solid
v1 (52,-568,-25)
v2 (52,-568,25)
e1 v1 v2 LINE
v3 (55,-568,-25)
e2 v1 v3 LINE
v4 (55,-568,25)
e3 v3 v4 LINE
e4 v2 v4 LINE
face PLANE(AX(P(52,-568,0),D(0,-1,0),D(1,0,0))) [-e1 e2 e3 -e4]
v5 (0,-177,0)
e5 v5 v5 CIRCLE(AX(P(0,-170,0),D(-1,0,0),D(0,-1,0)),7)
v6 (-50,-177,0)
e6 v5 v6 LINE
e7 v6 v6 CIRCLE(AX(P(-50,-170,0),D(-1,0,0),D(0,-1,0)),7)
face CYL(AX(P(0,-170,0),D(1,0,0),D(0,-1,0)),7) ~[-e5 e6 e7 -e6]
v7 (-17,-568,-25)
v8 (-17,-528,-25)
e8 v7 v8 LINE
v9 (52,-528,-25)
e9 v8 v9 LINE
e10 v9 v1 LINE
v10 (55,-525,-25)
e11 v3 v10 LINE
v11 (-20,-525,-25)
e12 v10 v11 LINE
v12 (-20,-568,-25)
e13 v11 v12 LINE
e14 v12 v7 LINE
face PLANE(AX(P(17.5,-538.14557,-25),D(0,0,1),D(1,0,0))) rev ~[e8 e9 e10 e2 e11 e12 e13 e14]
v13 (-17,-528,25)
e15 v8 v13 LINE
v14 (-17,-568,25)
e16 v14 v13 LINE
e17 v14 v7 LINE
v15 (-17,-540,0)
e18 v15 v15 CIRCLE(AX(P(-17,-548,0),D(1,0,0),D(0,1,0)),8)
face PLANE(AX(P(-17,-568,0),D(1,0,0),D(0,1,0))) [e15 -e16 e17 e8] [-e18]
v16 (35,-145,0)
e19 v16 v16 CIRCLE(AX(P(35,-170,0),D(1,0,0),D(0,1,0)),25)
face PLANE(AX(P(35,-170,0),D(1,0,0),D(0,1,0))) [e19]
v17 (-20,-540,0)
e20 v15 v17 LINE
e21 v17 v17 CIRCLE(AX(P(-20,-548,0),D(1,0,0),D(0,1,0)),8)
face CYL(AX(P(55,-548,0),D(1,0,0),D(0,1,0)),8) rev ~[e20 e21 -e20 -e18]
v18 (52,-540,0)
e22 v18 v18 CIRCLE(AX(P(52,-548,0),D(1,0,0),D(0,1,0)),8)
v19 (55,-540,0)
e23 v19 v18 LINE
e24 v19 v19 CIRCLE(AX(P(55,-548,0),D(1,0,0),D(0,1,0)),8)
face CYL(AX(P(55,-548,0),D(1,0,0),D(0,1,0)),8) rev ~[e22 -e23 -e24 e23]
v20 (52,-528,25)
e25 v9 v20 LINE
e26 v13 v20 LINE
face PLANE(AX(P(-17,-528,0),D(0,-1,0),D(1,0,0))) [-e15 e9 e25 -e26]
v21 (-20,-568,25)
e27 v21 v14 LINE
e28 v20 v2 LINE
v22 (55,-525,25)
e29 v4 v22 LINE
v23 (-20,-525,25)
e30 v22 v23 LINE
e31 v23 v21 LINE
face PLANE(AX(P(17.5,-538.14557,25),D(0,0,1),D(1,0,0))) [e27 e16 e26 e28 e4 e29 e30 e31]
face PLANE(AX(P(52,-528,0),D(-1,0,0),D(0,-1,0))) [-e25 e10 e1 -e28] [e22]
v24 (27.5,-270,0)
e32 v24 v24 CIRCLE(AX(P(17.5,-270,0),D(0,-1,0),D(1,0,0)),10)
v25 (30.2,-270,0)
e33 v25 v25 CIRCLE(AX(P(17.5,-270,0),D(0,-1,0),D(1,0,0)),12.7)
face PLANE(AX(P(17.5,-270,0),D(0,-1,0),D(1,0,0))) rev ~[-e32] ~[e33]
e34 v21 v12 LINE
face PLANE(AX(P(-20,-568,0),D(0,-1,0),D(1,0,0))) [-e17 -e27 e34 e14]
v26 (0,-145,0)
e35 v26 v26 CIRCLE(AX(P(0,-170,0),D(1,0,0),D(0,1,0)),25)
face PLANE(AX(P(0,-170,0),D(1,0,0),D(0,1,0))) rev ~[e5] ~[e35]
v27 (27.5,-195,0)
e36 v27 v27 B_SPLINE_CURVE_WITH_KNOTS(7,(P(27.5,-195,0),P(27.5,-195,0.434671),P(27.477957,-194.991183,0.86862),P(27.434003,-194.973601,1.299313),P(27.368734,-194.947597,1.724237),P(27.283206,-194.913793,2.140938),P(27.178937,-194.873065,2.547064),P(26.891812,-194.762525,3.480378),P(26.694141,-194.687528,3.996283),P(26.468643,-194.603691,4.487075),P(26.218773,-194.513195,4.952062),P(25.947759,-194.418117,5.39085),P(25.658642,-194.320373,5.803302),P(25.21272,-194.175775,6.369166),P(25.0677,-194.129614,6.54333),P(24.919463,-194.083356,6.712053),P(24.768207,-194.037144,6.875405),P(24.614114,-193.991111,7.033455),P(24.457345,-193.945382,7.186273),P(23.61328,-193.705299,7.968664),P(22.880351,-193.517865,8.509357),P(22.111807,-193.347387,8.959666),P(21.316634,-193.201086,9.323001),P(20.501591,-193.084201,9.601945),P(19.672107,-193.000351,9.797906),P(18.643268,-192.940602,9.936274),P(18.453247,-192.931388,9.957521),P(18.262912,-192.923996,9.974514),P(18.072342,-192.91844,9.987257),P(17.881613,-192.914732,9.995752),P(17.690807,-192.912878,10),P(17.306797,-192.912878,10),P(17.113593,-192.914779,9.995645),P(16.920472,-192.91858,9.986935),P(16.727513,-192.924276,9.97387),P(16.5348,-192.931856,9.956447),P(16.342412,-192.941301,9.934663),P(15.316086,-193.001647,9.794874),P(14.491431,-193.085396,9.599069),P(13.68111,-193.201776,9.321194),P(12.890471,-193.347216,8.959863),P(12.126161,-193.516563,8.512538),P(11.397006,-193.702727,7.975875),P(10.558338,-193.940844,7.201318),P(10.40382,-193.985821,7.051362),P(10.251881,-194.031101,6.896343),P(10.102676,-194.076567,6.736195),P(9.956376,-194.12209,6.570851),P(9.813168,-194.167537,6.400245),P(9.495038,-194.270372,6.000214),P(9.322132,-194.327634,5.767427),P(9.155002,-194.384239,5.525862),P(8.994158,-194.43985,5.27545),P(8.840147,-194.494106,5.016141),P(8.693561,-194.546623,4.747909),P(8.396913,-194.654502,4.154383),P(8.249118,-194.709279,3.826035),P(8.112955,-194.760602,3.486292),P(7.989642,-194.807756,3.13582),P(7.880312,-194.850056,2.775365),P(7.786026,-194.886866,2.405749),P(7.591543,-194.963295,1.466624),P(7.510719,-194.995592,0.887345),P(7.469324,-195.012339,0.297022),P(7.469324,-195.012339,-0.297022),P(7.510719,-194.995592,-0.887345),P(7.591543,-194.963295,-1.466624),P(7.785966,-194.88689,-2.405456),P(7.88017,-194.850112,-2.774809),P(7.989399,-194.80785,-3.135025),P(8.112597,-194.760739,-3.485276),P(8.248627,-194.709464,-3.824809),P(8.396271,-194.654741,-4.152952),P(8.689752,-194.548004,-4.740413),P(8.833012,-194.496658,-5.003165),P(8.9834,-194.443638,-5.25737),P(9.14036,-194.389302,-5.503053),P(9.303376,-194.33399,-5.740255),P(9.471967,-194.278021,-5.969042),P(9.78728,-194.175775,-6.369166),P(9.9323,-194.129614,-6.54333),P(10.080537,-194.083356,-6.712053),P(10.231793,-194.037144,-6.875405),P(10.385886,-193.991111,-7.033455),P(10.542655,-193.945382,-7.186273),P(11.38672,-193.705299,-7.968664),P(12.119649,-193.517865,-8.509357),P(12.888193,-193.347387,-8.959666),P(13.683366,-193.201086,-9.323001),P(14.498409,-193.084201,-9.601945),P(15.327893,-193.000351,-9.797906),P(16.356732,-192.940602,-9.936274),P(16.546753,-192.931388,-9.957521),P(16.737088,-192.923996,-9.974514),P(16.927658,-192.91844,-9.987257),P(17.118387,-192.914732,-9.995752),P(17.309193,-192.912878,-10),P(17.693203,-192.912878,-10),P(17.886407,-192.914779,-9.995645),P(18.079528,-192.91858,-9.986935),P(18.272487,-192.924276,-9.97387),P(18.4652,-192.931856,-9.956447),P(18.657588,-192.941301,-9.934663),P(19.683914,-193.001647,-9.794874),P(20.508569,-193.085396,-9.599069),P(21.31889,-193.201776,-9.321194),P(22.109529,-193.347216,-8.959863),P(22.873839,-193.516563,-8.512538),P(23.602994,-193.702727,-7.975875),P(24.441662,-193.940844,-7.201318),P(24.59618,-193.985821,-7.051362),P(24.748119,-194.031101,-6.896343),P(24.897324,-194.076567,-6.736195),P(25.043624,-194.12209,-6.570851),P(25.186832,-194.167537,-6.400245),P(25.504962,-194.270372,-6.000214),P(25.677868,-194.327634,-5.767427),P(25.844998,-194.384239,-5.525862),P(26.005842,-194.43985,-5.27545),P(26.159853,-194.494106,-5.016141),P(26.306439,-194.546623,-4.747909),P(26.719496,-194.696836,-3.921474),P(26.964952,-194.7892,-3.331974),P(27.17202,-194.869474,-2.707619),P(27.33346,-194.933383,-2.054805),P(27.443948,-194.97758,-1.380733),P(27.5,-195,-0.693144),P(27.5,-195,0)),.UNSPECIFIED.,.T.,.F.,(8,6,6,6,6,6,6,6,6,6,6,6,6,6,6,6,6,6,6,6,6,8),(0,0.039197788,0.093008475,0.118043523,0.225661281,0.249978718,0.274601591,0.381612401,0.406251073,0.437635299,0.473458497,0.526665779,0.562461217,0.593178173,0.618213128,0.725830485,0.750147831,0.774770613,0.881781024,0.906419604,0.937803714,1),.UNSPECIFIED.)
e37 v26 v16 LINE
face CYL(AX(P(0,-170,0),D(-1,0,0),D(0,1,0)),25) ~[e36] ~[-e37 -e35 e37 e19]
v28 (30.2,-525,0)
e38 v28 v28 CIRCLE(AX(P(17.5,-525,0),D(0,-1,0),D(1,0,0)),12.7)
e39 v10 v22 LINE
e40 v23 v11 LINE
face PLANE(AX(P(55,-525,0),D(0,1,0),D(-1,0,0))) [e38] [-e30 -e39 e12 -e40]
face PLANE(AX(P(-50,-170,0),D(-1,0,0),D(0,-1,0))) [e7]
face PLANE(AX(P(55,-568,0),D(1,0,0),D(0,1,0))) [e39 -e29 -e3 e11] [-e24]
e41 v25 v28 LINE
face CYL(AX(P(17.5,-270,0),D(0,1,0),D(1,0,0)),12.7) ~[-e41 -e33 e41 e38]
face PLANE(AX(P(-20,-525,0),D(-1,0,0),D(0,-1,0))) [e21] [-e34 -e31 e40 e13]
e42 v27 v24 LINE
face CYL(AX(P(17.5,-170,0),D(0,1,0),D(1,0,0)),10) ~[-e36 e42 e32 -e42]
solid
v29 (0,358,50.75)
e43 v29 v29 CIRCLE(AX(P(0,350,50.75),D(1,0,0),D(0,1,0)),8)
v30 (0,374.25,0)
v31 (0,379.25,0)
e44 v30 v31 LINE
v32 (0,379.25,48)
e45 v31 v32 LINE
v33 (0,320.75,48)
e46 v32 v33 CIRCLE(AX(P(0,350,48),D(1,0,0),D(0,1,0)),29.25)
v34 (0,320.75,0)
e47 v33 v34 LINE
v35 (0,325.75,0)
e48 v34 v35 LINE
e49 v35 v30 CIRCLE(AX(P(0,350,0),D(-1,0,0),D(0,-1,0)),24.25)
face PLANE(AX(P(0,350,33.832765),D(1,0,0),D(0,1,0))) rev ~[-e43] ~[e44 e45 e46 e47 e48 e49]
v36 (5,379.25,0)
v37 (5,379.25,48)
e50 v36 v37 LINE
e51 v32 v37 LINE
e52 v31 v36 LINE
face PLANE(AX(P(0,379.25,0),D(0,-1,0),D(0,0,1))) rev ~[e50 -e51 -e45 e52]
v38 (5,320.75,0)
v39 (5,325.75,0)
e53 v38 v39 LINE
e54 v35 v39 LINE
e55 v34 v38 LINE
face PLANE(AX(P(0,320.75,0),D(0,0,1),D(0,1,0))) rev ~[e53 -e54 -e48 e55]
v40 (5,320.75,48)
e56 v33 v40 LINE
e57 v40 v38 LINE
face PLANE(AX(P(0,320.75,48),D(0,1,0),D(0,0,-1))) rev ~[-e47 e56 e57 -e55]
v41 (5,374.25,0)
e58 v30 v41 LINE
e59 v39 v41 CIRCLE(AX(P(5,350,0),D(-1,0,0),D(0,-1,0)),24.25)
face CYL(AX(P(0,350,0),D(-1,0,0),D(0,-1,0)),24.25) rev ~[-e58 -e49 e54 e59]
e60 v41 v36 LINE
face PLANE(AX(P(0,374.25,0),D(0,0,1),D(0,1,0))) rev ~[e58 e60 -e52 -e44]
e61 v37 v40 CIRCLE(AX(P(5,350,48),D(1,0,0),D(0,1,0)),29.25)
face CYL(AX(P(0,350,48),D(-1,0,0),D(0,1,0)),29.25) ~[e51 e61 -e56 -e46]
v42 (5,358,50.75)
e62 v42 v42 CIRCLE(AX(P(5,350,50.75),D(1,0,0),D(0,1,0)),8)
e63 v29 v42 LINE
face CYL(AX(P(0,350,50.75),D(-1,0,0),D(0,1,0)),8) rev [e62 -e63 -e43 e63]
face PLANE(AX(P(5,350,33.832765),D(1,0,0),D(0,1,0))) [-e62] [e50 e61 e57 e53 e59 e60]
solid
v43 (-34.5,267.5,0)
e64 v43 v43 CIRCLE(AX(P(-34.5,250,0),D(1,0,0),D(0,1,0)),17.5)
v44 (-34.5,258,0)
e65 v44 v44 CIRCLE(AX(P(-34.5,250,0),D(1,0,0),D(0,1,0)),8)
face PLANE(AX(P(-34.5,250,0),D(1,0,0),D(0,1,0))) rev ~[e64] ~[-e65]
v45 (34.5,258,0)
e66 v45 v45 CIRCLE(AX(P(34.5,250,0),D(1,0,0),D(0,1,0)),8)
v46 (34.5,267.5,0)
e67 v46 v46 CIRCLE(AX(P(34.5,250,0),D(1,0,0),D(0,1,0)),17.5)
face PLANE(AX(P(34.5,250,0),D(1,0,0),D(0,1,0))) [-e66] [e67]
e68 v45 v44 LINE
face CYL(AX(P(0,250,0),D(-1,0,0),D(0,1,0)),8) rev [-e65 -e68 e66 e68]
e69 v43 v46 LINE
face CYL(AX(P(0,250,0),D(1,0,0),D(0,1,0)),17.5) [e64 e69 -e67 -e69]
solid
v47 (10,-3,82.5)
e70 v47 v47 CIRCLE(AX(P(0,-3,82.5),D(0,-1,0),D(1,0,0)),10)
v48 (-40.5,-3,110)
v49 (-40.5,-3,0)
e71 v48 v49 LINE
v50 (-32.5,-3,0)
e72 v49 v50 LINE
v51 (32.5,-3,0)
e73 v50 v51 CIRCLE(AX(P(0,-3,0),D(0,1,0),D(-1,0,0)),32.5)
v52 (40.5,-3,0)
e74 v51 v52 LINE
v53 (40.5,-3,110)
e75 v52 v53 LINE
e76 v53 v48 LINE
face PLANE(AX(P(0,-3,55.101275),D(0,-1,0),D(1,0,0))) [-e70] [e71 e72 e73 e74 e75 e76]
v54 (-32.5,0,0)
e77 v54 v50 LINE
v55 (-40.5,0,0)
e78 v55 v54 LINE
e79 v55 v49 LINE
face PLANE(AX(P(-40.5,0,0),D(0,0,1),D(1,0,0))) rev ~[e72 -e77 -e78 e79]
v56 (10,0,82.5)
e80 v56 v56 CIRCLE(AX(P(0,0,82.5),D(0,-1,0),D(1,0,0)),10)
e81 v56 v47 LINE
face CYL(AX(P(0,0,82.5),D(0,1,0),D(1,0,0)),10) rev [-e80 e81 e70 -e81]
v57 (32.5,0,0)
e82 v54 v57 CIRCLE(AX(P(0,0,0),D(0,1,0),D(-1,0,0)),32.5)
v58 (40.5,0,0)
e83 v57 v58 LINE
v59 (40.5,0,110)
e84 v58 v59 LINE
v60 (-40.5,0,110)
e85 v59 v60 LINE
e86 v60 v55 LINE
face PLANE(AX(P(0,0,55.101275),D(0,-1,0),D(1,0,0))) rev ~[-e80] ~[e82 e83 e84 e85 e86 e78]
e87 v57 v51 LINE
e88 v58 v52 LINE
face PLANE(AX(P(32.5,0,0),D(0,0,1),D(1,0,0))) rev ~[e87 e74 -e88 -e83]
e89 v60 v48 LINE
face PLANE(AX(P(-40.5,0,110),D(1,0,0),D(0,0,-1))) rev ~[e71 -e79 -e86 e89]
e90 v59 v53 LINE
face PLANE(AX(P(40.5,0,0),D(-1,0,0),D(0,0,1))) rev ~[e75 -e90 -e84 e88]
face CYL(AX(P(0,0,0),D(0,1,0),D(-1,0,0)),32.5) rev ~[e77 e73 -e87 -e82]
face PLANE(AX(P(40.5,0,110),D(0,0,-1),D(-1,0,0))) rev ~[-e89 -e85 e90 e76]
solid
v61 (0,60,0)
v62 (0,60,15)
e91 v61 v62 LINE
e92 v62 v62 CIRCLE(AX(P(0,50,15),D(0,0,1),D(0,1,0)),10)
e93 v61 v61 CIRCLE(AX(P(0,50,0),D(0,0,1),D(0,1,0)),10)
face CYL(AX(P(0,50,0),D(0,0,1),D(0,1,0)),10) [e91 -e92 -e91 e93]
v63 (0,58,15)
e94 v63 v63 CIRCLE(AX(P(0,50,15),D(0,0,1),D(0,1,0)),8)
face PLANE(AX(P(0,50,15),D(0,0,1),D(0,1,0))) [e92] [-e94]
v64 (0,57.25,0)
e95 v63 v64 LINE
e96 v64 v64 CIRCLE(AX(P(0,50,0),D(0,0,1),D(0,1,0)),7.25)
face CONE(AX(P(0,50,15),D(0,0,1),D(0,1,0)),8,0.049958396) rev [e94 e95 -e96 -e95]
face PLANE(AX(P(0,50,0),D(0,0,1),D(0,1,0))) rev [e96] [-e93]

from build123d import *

# Parameters (mm, degrees)
F0_R      = 10
F1_DEPTH  = 3
F2_R      = 25
F3_DEPTH  = 35
F4_R      = 7
F5_DEPTH  = 50
F7_R      = 10
F8_DEPTH  = 100
F9_R      = 12.7
F10_DEPTH = 255
F12_DEPTH = 25
F13_R     = 8
F14_DEPTH = 82.4
F15_R     = 17.5
F15_R_2   = 8
F16_DEPTH = 34.5
F17_R     = 8
F18_DEPTH = 5


with BuildPart() as f1:
    # F0 (on Front) → F1 (new body)
    with BuildSketch(Plane.XZ):
        with BuildLine():
            ThreePointArc((-32.5, 0), (0, 32.5), (32.5, 0))
            Line((32.5, 0), (40.5, 0))
            Line((40.5, 0), (40.5, 110))
            Line((40.5, 110), (-40.5, 110))
            Line((-40.5, 110), (-40.5, 0))
            Line((-40.5, 0), (-32.5, 0))
        make_face()
        with Locations((0, 82.5)):
            Circle(F0_R, mode=Mode.SUBTRACT)
    extrude(amount=F1_DEPTH)


with BuildPart() as f3:
    # F2 (on Right) → F3 (new body)
    with BuildSketch(Plane.YZ):
        with Locations((-170, 0)):
            Circle(F2_R)
    extrude(amount=F3_DEPTH)

    # F4 (on face) → F5 (join)
    with BuildSketch(Plane(origin=(0, 0, 0), x_dir=(0, -1, 0), z_dir=(-1, 0, 0))):
        with Locations((170, 0)):
            Circle(F4_R)
    extrude(amount=F5_DEPTH)

    # F7 (on offset) → F8 (join)
    with BuildSketch(Plane.XZ.offset(170)):
        with Locations((17.5, 0)):
            Circle(F7_R)
    extrude(amount=F8_DEPTH)

    # F9 (on face) → F10 (join)
    with BuildSketch(Plane.XZ.offset(270)):
        with Locations((17.5, 0)):
            Circle(F9_R)
    extrude(amount=F10_DEPTH)

    # F11 (on Top) → F12 (join, symmetric)
    with BuildSketch(Plane.XY):
        Polygon((-17, -568), (-17, -528), (52, -528), (52, -568), (55, -568), (55, -525), (-20, -525), (-20, -568), align=None)
    extrude(amount=F12_DEPTH, both=True)

    # F13 (on face) → F14 (cut)
    with BuildSketch(Plane.YZ.offset(55)):
        with Locations((-548, 0)):
            Circle(F13_R)
    extrude(amount=-F14_DEPTH, mode=Mode.SUBTRACT)


with BuildPart() as f16:
    # F15 (on Right) → F16 (new body, symmetric)
    with BuildSketch(Plane.YZ):
        with Locations((250, 0)):
            Circle(F15_R)
        with Locations((250, 0)):
            Circle(F15_R_2, mode=Mode.SUBTRACT)
    extrude(amount=F16_DEPTH, both=True)


with BuildPart() as f18:
    # F17 (on Right) → F18 (new body)
    with BuildSketch(Plane.YZ):
        with BuildLine():
            ThreePointArc((325.75, 0), (350, 24.25), (374.25, 0))
            Line((374.25, 0), (379.25, 0))
            Line((379.25, 0), (379.25, 48))
            ThreePointArc((379.25, 48), (350, 77.25), (320.75, 48))
            Line((320.75, 48), (320.75, 0))
            Line((320.75, 0), (325.75, 0))
        make_face()
        with Locations((350, 50.75)):
            Circle(F17_R, mode=Mode.SUBTRACT)
    extrude(amount=F18_DEPTH)


with BuildPart() as f20:
    # F19 (on Right) → F20 (revolve)
    with BuildSketch(Plane.YZ):
        Polygon((60, 15), (58, 15), (57.25, 0), (60, 0), align=None)
    revolve(axis=Axis((0, 50, 43.373331), (0, 0, 1)))


solid = Compound([f1.part, f3.part, f16.part, f18.part, f20.part])
